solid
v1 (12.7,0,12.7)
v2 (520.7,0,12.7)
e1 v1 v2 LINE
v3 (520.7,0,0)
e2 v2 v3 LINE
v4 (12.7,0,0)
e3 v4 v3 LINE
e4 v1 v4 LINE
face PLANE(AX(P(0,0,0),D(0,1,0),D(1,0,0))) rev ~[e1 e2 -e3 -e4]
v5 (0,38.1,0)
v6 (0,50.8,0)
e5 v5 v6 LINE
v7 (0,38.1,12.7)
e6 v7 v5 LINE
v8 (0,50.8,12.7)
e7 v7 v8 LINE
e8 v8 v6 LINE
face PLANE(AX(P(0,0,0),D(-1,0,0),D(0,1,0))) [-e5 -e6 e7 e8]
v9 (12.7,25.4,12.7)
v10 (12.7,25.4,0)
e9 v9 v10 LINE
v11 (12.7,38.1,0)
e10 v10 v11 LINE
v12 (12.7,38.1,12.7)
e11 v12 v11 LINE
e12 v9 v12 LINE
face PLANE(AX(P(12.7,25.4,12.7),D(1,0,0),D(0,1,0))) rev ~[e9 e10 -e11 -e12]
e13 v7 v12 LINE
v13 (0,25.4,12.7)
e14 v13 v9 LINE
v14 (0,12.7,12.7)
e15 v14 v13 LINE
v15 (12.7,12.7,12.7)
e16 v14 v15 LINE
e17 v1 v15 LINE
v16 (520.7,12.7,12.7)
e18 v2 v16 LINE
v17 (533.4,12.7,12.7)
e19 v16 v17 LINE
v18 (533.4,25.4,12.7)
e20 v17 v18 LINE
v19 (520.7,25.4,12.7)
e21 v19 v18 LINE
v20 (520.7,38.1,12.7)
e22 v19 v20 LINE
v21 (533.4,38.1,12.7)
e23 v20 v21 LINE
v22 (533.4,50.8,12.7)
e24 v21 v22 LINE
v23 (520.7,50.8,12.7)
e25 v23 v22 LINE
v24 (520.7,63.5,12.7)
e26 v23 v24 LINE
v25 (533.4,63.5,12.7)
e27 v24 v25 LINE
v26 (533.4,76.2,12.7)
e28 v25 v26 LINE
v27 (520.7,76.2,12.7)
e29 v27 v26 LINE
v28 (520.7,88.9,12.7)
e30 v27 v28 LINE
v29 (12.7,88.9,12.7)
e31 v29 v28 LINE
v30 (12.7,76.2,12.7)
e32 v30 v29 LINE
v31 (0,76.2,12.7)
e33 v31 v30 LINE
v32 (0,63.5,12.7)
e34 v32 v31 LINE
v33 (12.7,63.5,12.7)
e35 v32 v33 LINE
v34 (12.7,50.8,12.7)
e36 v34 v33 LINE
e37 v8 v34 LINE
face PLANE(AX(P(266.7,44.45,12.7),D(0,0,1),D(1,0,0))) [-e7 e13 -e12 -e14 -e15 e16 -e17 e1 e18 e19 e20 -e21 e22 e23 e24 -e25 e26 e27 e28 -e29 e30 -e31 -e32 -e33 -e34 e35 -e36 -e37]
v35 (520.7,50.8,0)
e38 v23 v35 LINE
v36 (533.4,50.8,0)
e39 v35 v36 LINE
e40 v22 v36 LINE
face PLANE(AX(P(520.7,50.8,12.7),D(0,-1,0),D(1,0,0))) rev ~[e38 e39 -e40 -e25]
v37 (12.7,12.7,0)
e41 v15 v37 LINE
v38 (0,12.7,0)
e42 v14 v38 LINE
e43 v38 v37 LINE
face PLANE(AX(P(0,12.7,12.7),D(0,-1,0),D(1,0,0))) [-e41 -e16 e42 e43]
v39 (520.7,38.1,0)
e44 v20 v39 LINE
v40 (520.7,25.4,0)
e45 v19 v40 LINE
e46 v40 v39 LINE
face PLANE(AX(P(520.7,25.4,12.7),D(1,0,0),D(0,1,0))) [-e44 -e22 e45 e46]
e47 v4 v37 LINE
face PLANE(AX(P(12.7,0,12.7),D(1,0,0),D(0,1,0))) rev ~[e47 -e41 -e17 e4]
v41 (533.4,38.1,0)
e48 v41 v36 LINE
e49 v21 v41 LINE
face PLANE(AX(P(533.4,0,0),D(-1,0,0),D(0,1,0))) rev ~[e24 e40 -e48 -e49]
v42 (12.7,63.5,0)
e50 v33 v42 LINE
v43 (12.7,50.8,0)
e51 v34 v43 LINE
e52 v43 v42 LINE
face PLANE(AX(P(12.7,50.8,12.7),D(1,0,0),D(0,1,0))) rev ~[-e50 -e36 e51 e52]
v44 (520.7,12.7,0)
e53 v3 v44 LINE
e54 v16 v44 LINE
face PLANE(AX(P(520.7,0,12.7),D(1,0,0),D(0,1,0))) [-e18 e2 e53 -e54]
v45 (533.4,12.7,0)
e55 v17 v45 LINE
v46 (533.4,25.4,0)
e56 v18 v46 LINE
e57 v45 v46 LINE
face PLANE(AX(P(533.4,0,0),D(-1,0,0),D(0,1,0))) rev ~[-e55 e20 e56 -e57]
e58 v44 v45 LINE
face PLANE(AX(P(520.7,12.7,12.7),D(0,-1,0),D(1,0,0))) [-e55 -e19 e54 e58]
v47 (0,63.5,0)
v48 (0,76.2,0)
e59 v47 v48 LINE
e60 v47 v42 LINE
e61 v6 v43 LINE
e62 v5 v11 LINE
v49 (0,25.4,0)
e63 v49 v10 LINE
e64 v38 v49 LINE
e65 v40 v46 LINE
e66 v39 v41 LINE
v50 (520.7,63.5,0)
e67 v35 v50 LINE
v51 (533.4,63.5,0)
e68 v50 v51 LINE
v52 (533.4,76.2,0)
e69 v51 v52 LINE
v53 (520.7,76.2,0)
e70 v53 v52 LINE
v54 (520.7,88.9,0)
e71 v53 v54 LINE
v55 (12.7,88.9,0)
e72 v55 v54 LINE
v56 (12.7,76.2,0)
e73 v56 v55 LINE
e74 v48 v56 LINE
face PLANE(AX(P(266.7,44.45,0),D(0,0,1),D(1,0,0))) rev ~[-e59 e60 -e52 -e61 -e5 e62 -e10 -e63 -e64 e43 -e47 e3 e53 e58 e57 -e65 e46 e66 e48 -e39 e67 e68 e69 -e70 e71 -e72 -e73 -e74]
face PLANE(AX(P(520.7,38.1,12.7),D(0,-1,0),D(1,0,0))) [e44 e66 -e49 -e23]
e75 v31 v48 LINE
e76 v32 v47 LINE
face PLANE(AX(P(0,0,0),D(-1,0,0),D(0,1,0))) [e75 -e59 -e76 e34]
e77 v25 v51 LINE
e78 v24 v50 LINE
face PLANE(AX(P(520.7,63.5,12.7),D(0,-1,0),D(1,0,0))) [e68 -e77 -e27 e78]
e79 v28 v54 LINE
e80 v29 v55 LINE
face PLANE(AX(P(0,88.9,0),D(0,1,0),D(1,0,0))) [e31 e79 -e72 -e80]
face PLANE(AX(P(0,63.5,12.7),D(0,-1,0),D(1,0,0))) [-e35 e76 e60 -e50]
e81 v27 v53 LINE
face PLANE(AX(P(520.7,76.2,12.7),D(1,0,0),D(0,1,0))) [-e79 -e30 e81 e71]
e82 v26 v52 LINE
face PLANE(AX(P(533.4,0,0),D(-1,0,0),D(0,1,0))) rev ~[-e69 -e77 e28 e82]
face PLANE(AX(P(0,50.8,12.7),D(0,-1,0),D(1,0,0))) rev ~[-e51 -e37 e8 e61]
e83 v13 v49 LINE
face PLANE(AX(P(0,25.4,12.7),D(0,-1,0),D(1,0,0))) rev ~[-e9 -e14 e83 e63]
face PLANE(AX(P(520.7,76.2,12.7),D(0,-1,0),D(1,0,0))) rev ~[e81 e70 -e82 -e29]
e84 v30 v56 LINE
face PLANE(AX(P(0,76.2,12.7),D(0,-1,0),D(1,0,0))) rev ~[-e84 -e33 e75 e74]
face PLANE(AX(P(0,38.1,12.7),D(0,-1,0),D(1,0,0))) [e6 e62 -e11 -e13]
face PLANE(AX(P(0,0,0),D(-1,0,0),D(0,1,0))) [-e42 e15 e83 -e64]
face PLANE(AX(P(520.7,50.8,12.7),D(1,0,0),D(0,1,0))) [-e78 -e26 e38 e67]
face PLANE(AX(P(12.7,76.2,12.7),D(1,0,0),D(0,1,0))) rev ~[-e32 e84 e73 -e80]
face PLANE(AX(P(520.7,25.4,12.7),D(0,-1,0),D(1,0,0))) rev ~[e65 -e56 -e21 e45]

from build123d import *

# Parameters (mm, degrees)
F0_W     = 533.4
F0_H     = 88.9
F1_DEPTH = 12.7
F2_W     = 12.7
F2_H     = 12.7
F3_DEPTH = 25.4
F4_W     = 12.7
F4_H     = 12.7
F5_DEPTH = 25.4


with BuildPart() as f1:
    # F0 (on Top) → F1 (new body)
    with BuildSketch(Plane.XY):
        with Locations((266.7, 44.45)):
            Rectangle(F0_W, F0_H)
    extrude(amount=F1_DEPTH)

    # F2 (on face) → F3 (cut)
    with BuildSketch(Plane.XY.offset(12.7)):
        with Locations((527.05, 6.35)):
            Rectangle(F2_W, F2_H)
        with Locations((527.05, 31.75)):
            Rectangle(F2_W, F2_H)
        with Locations((527.05, 57.15)):
            Rectangle(F2_W, F2_H)
        with Locations((527.05, 82.55)):
            Rectangle(F2_W, F2_H)
    extrude(amount=-F3_DEPTH, mode=Mode.SUBTRACT)

    # F4 (on face) → F5 (cut)
    with BuildSketch(Plane.XY.offset(12.7)):
        with Locations((6.35, 6.35)):
            Rectangle(F4_W, F4_H)
        with Locations((6.35, 31.75)):
            Rectangle(F4_W, F4_H)
        with Locations((6.35, 82.55)):
            Rectangle(F4_W, F4_H)
        with Locations((6.35, 57.15)):
            Rectangle(F4_W, F4_H)
    extrude(amount=-F5_DEPTH, mode=Mode.SUBTRACT)


solid = f1.part
